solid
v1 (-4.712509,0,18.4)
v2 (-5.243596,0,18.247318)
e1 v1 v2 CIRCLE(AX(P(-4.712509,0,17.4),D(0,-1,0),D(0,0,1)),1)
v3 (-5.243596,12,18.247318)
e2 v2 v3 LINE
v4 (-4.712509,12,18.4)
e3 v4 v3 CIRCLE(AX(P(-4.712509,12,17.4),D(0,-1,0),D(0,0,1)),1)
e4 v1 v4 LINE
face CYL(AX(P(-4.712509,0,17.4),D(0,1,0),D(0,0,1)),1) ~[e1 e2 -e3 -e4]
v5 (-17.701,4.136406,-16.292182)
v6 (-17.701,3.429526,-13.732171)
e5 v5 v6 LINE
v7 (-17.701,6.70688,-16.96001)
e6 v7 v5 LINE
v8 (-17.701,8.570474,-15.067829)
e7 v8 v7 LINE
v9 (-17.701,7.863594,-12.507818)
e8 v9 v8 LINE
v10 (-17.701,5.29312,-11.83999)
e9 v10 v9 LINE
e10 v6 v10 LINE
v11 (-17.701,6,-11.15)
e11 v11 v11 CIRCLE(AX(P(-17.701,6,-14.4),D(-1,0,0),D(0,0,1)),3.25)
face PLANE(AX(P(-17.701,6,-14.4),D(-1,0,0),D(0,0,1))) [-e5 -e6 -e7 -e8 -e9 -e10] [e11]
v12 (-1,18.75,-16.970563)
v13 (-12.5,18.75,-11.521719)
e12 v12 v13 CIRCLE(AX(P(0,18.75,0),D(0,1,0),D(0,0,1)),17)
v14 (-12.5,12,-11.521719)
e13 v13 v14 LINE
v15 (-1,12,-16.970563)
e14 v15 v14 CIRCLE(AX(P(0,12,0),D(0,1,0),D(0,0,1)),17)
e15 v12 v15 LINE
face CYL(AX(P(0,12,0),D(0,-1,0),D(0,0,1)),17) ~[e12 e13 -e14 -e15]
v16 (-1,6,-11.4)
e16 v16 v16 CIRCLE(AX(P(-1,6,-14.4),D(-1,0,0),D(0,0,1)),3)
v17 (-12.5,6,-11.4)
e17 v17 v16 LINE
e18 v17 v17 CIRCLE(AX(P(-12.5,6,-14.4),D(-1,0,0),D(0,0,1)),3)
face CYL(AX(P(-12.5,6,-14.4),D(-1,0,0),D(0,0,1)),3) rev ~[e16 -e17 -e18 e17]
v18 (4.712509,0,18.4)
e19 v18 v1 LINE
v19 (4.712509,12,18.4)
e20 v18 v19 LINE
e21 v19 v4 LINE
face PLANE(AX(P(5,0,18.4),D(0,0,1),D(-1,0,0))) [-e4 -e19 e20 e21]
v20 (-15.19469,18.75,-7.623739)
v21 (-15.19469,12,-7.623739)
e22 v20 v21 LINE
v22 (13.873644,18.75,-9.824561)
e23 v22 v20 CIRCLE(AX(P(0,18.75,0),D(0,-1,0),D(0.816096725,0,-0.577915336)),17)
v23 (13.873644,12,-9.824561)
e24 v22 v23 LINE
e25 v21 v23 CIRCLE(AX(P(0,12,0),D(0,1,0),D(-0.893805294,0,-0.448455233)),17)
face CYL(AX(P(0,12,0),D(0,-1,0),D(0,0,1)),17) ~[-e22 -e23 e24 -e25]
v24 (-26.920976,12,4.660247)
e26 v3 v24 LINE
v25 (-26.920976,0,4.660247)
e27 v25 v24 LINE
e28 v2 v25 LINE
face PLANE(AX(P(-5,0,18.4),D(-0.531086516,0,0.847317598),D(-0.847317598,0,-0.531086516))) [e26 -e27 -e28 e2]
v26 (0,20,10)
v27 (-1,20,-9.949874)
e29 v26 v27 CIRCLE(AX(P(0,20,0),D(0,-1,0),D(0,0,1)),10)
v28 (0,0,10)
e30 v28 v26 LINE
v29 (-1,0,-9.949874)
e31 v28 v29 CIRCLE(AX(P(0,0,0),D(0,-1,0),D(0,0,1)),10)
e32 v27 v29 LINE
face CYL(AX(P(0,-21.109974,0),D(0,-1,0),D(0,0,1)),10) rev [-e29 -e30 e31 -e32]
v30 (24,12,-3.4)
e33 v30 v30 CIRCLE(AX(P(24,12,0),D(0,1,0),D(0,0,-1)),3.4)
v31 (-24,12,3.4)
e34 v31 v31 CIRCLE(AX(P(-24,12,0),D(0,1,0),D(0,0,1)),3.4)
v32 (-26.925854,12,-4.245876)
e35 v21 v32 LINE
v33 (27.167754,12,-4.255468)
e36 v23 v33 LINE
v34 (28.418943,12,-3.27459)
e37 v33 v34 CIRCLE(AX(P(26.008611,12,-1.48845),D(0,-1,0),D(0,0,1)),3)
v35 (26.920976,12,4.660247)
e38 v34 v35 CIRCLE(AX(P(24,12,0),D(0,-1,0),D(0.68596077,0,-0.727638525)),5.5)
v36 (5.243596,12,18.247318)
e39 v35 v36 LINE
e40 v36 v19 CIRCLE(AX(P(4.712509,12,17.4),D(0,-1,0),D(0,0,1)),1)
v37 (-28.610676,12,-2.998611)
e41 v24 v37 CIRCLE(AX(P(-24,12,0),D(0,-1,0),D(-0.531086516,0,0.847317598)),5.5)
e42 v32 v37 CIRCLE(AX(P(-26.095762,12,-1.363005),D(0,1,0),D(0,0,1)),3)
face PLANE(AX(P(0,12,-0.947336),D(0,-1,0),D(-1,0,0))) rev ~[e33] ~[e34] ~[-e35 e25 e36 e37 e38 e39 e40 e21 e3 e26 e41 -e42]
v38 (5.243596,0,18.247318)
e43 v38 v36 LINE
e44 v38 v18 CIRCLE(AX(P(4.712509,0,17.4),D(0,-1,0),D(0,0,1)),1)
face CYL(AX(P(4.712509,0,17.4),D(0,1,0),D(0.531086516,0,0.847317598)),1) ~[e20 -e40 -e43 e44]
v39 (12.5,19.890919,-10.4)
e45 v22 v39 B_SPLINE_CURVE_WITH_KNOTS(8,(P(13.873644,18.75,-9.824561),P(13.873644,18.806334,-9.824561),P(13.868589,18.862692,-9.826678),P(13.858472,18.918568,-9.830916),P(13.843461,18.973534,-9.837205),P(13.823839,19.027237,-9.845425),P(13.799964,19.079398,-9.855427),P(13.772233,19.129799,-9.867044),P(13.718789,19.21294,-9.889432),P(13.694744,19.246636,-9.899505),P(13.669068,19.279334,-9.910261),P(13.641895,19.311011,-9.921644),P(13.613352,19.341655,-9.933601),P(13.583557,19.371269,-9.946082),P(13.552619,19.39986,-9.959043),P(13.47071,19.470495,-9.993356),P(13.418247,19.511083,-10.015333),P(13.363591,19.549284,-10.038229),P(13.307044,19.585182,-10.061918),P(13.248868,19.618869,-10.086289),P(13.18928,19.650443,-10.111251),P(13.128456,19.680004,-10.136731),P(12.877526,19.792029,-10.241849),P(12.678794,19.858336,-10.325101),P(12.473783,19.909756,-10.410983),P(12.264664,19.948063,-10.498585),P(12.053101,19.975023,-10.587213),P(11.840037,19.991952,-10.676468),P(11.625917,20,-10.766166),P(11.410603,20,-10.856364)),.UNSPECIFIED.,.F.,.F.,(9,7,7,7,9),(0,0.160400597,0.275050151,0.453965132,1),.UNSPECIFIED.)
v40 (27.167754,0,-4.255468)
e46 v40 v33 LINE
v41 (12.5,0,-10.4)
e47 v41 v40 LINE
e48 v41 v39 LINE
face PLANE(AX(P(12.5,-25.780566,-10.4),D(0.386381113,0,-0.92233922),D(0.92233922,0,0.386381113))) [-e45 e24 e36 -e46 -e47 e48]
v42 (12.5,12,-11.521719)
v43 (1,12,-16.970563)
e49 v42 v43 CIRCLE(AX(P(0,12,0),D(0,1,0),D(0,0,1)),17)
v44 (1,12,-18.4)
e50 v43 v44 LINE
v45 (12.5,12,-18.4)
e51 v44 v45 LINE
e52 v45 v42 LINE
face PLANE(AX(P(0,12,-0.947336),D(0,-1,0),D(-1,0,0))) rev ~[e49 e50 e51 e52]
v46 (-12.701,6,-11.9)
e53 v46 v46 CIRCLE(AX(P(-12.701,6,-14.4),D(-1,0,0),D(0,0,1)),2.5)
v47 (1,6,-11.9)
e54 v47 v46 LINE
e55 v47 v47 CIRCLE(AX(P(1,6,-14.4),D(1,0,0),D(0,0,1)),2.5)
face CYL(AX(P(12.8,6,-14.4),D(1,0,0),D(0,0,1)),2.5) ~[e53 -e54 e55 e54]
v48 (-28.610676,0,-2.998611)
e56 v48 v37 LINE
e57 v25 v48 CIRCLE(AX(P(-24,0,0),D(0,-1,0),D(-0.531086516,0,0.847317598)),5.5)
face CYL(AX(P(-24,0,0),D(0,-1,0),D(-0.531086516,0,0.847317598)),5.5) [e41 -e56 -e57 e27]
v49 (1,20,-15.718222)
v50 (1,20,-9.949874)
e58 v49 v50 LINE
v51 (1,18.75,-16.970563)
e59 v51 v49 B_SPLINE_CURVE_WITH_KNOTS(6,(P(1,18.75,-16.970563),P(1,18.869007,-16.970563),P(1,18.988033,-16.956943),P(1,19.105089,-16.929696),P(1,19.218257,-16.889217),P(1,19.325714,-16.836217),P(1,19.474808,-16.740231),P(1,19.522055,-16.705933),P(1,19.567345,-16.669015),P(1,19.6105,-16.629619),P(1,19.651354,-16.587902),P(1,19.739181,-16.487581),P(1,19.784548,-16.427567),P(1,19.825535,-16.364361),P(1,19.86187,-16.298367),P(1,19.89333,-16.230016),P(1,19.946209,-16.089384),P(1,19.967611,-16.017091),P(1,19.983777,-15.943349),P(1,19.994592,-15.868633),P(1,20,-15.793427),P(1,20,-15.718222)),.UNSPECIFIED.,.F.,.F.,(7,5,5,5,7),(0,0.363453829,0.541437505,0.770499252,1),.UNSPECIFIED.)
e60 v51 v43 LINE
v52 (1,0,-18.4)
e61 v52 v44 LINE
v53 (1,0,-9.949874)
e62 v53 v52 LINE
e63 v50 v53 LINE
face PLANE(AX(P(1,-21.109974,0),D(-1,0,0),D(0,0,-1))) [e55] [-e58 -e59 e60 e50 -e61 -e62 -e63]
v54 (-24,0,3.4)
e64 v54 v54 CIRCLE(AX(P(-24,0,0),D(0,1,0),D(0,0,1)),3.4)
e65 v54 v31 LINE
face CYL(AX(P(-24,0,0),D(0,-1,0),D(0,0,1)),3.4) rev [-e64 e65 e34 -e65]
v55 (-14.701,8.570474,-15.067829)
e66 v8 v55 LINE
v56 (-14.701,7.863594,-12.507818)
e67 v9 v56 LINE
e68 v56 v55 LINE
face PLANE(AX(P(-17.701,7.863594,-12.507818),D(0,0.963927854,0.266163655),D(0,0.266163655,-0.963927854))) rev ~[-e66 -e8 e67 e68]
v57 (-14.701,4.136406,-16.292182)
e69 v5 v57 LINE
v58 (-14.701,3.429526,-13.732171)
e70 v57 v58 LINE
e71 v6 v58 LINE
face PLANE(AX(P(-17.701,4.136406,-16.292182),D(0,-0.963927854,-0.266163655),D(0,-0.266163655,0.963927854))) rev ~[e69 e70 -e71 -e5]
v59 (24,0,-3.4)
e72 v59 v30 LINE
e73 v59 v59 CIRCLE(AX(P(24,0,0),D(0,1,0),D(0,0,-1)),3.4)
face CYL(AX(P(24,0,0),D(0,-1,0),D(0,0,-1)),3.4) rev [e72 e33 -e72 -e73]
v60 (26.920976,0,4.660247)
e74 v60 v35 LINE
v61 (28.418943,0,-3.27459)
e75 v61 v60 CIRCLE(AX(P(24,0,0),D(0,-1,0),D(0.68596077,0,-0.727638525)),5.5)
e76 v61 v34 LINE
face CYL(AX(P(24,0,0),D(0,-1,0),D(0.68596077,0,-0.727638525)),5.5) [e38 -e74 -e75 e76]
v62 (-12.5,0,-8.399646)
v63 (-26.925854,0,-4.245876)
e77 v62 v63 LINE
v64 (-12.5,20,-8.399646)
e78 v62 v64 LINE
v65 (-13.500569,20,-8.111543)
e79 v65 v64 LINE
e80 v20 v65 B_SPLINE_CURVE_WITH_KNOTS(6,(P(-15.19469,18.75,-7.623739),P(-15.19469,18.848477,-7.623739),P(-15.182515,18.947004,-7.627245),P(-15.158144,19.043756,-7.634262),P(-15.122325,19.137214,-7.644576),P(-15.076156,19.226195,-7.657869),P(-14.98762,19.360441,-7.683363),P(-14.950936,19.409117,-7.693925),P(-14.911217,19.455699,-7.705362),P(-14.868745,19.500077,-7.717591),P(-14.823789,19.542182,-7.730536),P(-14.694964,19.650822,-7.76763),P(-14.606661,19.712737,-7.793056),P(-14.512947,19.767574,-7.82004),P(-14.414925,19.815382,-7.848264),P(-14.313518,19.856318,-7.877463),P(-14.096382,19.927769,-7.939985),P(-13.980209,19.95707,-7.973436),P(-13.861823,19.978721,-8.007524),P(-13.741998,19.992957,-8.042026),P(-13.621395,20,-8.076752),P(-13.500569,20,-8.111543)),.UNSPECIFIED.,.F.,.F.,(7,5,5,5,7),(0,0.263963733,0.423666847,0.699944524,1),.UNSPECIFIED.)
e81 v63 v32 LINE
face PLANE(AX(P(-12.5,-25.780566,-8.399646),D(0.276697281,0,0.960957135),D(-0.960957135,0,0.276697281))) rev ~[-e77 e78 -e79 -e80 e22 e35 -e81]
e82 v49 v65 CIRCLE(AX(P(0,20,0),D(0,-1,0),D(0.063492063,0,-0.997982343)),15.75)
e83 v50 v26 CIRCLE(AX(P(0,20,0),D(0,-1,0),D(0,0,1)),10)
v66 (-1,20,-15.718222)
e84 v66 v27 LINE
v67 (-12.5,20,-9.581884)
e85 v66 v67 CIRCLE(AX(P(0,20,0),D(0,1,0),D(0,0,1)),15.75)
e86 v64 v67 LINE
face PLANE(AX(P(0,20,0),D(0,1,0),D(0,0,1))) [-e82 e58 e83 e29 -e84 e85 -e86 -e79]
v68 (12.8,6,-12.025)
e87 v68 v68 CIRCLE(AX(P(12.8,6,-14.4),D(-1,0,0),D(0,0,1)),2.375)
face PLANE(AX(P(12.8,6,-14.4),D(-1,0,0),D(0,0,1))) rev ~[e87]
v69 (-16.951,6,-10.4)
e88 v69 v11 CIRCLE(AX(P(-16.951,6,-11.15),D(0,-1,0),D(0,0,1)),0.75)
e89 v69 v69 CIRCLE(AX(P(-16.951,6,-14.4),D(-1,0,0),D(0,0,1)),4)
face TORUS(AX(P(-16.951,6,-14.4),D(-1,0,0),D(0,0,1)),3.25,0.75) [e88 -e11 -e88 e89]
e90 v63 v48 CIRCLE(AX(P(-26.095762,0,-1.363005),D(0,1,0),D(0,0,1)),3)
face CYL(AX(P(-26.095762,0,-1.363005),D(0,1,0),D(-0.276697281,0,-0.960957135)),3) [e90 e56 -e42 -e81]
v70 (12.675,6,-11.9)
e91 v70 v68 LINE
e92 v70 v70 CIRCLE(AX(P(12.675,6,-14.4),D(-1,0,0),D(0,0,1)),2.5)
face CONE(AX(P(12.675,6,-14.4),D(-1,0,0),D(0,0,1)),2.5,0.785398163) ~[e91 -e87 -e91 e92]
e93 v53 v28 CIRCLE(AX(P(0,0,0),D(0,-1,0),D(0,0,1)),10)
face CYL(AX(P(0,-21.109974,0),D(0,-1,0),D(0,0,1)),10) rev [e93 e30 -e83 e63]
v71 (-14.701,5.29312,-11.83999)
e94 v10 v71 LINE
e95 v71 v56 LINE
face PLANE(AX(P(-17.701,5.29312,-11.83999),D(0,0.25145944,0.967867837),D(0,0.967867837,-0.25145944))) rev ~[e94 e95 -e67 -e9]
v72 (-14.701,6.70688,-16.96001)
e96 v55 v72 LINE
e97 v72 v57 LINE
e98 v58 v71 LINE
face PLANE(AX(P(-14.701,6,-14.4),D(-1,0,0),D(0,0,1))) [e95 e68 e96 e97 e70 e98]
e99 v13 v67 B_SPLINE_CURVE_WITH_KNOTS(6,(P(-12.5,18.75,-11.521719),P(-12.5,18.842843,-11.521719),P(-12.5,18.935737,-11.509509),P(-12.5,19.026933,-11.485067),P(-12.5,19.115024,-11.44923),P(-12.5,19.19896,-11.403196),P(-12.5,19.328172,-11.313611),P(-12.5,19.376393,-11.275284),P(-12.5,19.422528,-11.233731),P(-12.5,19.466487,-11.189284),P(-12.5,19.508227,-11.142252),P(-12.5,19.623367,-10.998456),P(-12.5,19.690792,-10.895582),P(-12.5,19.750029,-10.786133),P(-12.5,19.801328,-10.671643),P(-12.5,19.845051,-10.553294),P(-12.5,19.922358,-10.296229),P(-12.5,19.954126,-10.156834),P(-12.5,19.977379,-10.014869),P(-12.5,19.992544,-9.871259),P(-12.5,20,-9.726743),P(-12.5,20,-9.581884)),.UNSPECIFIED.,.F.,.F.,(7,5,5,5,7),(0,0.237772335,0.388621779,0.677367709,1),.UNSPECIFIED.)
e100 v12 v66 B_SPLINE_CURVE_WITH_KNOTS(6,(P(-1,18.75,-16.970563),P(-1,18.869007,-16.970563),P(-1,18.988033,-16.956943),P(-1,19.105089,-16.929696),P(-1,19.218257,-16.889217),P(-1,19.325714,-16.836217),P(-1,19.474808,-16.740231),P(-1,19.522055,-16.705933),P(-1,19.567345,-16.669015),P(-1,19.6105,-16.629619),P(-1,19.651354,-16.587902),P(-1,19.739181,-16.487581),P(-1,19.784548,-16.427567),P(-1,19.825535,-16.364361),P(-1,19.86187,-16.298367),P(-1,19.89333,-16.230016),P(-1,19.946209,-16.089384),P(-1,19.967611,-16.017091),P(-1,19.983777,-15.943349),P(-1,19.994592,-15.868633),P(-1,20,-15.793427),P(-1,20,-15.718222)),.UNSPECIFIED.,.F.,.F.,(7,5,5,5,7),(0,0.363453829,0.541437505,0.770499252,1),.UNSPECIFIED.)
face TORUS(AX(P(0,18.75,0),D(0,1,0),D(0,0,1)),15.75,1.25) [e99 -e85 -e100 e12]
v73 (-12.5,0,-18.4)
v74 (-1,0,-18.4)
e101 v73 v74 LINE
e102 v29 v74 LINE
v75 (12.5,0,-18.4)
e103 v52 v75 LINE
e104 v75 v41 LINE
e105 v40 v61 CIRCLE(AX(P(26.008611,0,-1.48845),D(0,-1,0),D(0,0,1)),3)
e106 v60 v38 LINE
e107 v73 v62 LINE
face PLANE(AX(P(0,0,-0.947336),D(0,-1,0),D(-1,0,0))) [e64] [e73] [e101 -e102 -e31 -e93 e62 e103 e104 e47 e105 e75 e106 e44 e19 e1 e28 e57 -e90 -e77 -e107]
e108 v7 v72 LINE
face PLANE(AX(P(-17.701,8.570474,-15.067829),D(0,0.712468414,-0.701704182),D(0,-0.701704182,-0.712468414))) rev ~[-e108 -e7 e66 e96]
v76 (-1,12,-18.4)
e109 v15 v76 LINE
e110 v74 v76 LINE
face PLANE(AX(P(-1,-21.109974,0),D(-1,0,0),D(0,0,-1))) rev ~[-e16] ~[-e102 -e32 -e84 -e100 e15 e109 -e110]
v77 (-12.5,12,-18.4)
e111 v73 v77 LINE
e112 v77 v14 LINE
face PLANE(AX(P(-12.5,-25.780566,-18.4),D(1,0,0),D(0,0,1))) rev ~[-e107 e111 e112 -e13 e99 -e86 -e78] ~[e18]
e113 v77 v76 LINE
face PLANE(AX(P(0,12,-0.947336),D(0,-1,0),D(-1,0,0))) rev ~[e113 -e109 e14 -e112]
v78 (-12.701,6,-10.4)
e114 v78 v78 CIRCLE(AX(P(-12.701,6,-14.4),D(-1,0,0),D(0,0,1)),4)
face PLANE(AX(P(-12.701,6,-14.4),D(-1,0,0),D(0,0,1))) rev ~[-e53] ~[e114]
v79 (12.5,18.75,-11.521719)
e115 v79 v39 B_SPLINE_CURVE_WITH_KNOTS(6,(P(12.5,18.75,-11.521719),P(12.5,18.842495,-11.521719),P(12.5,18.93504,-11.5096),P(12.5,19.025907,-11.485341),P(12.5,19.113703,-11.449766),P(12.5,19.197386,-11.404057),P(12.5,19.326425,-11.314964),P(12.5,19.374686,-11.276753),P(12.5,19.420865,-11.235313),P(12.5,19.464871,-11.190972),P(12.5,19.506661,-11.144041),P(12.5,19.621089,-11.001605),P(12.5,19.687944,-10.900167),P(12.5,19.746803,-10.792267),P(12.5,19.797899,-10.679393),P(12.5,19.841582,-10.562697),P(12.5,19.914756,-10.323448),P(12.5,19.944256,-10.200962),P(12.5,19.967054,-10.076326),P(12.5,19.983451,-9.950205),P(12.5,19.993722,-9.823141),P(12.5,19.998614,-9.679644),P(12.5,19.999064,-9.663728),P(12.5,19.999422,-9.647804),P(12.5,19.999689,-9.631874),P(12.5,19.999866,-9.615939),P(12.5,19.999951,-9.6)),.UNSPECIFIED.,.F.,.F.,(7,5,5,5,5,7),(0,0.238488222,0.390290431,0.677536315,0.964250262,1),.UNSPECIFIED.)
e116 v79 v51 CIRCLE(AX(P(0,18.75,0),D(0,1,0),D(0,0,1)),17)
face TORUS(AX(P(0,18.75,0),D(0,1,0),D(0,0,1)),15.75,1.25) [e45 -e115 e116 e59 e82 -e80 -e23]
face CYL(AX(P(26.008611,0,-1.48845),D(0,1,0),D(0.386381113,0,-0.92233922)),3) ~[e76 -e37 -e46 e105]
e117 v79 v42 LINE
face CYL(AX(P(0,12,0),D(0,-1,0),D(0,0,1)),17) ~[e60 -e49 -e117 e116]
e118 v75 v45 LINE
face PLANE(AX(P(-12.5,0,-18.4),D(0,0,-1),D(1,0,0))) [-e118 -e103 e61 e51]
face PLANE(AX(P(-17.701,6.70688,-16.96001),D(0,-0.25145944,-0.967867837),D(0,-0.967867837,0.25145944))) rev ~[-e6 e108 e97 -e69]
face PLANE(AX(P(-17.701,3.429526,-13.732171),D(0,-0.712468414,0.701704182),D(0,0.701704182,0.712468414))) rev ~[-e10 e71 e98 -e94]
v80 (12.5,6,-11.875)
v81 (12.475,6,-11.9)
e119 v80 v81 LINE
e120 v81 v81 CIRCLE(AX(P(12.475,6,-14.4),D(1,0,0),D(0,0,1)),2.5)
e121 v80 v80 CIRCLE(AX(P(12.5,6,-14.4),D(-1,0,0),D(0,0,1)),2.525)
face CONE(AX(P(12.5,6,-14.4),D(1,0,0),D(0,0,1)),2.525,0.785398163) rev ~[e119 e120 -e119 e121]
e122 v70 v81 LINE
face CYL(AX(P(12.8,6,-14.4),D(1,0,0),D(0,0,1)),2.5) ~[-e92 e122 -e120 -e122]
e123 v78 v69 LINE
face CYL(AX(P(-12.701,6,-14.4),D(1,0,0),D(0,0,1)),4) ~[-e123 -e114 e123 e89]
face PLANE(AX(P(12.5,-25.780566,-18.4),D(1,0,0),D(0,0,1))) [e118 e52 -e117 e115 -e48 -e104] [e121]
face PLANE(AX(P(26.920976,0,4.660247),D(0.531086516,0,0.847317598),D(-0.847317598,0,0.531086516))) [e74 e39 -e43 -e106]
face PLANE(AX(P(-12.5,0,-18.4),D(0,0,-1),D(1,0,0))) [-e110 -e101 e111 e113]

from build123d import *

# Parameters (mm, degrees)
SKETCH1_R                   = 3.4
BOSS_EXTRUDE1_DEPTH         = 12
SKETCH3_R                   = 17
BOSS_EXTRUDE2_DEPTH         = 8
FILLET1_R                   = 1.25
CUT_EXTRUDE1_DEPTH          = 37.78056552
CUT_EXTRUDE1_DEPTH_BACK     = 37.78056552
CUT_EXTRUDE2_DEPTH          = 41.109973918
CUT_EXTRUDE2_DEPTH_BACK     = 41.109973918
SKETCH4_R                   = 10
CUT_EXTRUDE3_DEPTH          = 41.109973918
CUT_EXTRUDE3_DEPTH_BACK     = 41.109973918
SKETCH5_W                   = 2
SKETCH5_H                   = 20
SKETCH7_R                   = 3
CUT_EXTRUDE4_DEPTH          = 12.5
FILLET2_R                   = 3
FILLET3_R                   = 1
M5_TAPPED_HOLE2_D           = 4.2
M5_TAPPED_HOLE2_CSINK_D     = 5.05
M5_TAPPED_HOLE2_CSINK_ANGLE = 90
BOSS_EXTRUDE4_DEPTH         = 0.001
BOSS_EXTRUDE4_DEPTH_BACK    = 25.5
SKETCH26_R                  = 2.5
SKETCH28_R                  = 4
BOSS_EXTRUDE5_DEPTH         = 5
CHAMFER1_SIZE               = 0.125
CUT_EXTRUDE5_DEPTH          = 3
FILLET4_R                   = 0.75


with BuildPart() as part:
    # Sketch1 → Boss-Extrude1 (new body)
    with BuildSketch(Plane(origin=(0, 0, 0), x_dir=(1, 0, 0), z_dir=(0, 1, 0))):
        with BuildLine():
            Line((5, -18.4), (-5, -18.4))
            Line((-5, -18.4), (-26.920975839, -4.66024679))
            ThreePointArc((-26.920975839, -4.66024679), (-29.473599119, -0.538249647), (-27.772784233, 4.002011885))
            Line((-27.772784233, 4.002011885), (-12.5, 18.4))
            Line((-12.5, 18.4), (12.5, 18.4))
            Line((12.5, 18.4), (27.772784233, 4.002011885))
            ThreePointArc((27.772784233, 4.002011885), (29.473599119, -0.538249647), (26.920975839, -4.66024679))
            Line((26.920975839, -4.66024679), (5, -18.4))
        make_face()
        with Locations(Location((-24, 0, 0), (0, 0, 270))):
            Circle(SKETCH1_R, mode=Mode.SUBTRACT)
        with Locations(Location((24, 0, 0), (0, 0, 90))):
            Circle(SKETCH1_R, mode=Mode.SUBTRACT)
    extrude(amount=BOSS_EXTRUDE1_DEPTH)

    # Sketch3 → Boss-Extrude2 (add)
    with BuildSketch(Plane(origin=(0, 12, 0), x_dir=(1, 0, 0), z_dir=(0, 1, 0))):
        with Locations(Location((0, 0, 0), (0, 0, 270))):
            Circle(SKETCH3_R)
    extrude(amount=BOSS_EXTRUDE2_DEPTH)

    # Fillet1
    fillet1_edges = [part.edges().sort_by_distance(p)[0] for p in [
        (0, 20, -17),
    ]]
    fillet(fillet1_edges, radius=FILLET1_R)

    # Sketch2 → Cut-Extrude1 (cut, two sides: drawn at the far end of the back side and taken through both)
    with BuildSketch(Plane(origin=(0, 12, 0), x_dir=(1, 0, 0), z_dir=(0, 1, 0)).offset(-CUT_EXTRUDE1_DEPTH_BACK)):
        Polygon((12.5, 18.4), (12.5, 10.4), (27.772784233, 4.002011885), align=None)
        Polygon((-12.5, 18.4), (-12.5, 8.399645995), (-27.772784233, 4.002011885), align=None)
    extrude(amount=CUT_EXTRUDE1_DEPTH + CUT_EXTRUDE1_DEPTH_BACK, mode=Mode.SUBTRACT)

    # Sketch4 → Cut-Extrude2 (cut, two sides: drawn at the far end of the back side and taken through both)
    with BuildSketch(Plane(origin=(0, 20, 0), x_dir=(1, 0, 0), z_dir=(0, 1, 0)).offset(-CUT_EXTRUDE2_DEPTH_BACK)):
        with Locations(Location((0, 0, 0), (0, 0, 270))):
            Circle(SKETCH4_R)
    extrude(amount=CUT_EXTRUDE2_DEPTH + CUT_EXTRUDE2_DEPTH_BACK, mode=Mode.SUBTRACT)

    # Sketch5 → Cut-Extrude3 (cut, two sides: drawn at the far end of the back side and taken through both)
    with BuildSketch(Plane(origin=(0, 20, 0), x_dir=(1, 0, 0), z_dir=(0, 1, 0)).offset(-CUT_EXTRUDE3_DEPTH_BACK)):
        with Locations((0, 10)):
            Rectangle(SKETCH5_W, SKETCH5_H)
    extrude(amount=CUT_EXTRUDE3_DEPTH + CUT_EXTRUDE3_DEPTH_BACK, mode=Mode.SUBTRACT)

    # Sketch7 → Cut-Extrude4 (cut)
    with BuildSketch(Plane.ZY.offset(12.5)):
        with Locations((-14.4, 6)):
            Circle(SKETCH7_R)
    extrude(amount=-CUT_EXTRUDE4_DEPTH, mode=Mode.SUBTRACT)

    # Fillet2
    fillet2_edges = [part.edges().sort_by_distance(p)[0] for p in [
        (27.772784233, 6, -4.002011885),
        (-27.772784233, 6, -4.002011885),
    ]]
    fillet(fillet2_edges, radius=FILLET2_R)

    # Fillet3
    fillet3_edges = [part.edges().sort_by_distance(p)[0] for p in [
        (5, 6, 18.4),
        (-5, 6, 18.4),
    ]]
    fillet(fillet3_edges, radius=FILLET3_R)

    # M5 Tapped Hole2 (through all)
    with Locations(Plane(origin=(12.5, 0, 0), x_dir=(0, 0, -1), z_dir=(1, 0, 0))):
        with Locations((14.4, 6)):
            CounterSinkHole(M5_TAPPED_HOLE2_D / 2, M5_TAPPED_HOLE2_CSINK_D / 2, counter_sink_angle=M5_TAPPED_HOLE2_CSINK_ANGLE)



with BuildPart() as body_2:
    # Sketch26 → Boss-Extrude4 (new, two sides: drawn at the far end of the back side and taken through both)
    with BuildSketch(Plane.ZY.offset(12.7).offset(-BOSS_EXTRUDE4_DEPTH_BACK)):
        with Locations((-14.4, 6)):
            Circle(SKETCH26_R)
    extrude(amount=BOSS_EXTRUDE4_DEPTH + BOSS_EXTRUDE4_DEPTH_BACK)


with BuildPart() as part_1:
    add(part.part)

    add(body_2.part)  # Boss-Extrude5 merges body 2
    # Sketch28 → Boss-Extrude5 (add)
    with BuildSketch(Plane.ZY.offset(12.701)):
        with Locations((-14.4, 6)):
            Circle(SKETCH28_R)
    extrude(amount=BOSS_EXTRUDE5_DEPTH)

    # Chamfer1
    chamfer1_edges = [part_1.edges().sort_by_distance(p)[0] for p in [
        (12.8, 6, -16.9),
    ]]
    chamfer(chamfer1_edges, length=CHAMFER1_SIZE)

    # Sketch29 → Cut-Extrude5 (cut)
    with BuildSketch(Plane.ZY.offset(17.701)):
        Polygon((-15.067828808, 8.570474279), (-16.960010429, 6.706880427), (-16.292181621, 4.136406148), (-13.732171192, 3.429525721), (-11.839989571, 5.293119573), (-12.507818379, 7.863593852), align=None)
    extrude(amount=-CUT_EXTRUDE5_DEPTH, mode=Mode.SUBTRACT)

    # Fillet4
    fillet4_edges = [part_1.edges().sort_by_distance(p)[0] for p in [
        (-17.701, 6, -18.4),
    ]]
    fillet(fillet4_edges, radius=FILLET4_R)


solid = part_1.part
